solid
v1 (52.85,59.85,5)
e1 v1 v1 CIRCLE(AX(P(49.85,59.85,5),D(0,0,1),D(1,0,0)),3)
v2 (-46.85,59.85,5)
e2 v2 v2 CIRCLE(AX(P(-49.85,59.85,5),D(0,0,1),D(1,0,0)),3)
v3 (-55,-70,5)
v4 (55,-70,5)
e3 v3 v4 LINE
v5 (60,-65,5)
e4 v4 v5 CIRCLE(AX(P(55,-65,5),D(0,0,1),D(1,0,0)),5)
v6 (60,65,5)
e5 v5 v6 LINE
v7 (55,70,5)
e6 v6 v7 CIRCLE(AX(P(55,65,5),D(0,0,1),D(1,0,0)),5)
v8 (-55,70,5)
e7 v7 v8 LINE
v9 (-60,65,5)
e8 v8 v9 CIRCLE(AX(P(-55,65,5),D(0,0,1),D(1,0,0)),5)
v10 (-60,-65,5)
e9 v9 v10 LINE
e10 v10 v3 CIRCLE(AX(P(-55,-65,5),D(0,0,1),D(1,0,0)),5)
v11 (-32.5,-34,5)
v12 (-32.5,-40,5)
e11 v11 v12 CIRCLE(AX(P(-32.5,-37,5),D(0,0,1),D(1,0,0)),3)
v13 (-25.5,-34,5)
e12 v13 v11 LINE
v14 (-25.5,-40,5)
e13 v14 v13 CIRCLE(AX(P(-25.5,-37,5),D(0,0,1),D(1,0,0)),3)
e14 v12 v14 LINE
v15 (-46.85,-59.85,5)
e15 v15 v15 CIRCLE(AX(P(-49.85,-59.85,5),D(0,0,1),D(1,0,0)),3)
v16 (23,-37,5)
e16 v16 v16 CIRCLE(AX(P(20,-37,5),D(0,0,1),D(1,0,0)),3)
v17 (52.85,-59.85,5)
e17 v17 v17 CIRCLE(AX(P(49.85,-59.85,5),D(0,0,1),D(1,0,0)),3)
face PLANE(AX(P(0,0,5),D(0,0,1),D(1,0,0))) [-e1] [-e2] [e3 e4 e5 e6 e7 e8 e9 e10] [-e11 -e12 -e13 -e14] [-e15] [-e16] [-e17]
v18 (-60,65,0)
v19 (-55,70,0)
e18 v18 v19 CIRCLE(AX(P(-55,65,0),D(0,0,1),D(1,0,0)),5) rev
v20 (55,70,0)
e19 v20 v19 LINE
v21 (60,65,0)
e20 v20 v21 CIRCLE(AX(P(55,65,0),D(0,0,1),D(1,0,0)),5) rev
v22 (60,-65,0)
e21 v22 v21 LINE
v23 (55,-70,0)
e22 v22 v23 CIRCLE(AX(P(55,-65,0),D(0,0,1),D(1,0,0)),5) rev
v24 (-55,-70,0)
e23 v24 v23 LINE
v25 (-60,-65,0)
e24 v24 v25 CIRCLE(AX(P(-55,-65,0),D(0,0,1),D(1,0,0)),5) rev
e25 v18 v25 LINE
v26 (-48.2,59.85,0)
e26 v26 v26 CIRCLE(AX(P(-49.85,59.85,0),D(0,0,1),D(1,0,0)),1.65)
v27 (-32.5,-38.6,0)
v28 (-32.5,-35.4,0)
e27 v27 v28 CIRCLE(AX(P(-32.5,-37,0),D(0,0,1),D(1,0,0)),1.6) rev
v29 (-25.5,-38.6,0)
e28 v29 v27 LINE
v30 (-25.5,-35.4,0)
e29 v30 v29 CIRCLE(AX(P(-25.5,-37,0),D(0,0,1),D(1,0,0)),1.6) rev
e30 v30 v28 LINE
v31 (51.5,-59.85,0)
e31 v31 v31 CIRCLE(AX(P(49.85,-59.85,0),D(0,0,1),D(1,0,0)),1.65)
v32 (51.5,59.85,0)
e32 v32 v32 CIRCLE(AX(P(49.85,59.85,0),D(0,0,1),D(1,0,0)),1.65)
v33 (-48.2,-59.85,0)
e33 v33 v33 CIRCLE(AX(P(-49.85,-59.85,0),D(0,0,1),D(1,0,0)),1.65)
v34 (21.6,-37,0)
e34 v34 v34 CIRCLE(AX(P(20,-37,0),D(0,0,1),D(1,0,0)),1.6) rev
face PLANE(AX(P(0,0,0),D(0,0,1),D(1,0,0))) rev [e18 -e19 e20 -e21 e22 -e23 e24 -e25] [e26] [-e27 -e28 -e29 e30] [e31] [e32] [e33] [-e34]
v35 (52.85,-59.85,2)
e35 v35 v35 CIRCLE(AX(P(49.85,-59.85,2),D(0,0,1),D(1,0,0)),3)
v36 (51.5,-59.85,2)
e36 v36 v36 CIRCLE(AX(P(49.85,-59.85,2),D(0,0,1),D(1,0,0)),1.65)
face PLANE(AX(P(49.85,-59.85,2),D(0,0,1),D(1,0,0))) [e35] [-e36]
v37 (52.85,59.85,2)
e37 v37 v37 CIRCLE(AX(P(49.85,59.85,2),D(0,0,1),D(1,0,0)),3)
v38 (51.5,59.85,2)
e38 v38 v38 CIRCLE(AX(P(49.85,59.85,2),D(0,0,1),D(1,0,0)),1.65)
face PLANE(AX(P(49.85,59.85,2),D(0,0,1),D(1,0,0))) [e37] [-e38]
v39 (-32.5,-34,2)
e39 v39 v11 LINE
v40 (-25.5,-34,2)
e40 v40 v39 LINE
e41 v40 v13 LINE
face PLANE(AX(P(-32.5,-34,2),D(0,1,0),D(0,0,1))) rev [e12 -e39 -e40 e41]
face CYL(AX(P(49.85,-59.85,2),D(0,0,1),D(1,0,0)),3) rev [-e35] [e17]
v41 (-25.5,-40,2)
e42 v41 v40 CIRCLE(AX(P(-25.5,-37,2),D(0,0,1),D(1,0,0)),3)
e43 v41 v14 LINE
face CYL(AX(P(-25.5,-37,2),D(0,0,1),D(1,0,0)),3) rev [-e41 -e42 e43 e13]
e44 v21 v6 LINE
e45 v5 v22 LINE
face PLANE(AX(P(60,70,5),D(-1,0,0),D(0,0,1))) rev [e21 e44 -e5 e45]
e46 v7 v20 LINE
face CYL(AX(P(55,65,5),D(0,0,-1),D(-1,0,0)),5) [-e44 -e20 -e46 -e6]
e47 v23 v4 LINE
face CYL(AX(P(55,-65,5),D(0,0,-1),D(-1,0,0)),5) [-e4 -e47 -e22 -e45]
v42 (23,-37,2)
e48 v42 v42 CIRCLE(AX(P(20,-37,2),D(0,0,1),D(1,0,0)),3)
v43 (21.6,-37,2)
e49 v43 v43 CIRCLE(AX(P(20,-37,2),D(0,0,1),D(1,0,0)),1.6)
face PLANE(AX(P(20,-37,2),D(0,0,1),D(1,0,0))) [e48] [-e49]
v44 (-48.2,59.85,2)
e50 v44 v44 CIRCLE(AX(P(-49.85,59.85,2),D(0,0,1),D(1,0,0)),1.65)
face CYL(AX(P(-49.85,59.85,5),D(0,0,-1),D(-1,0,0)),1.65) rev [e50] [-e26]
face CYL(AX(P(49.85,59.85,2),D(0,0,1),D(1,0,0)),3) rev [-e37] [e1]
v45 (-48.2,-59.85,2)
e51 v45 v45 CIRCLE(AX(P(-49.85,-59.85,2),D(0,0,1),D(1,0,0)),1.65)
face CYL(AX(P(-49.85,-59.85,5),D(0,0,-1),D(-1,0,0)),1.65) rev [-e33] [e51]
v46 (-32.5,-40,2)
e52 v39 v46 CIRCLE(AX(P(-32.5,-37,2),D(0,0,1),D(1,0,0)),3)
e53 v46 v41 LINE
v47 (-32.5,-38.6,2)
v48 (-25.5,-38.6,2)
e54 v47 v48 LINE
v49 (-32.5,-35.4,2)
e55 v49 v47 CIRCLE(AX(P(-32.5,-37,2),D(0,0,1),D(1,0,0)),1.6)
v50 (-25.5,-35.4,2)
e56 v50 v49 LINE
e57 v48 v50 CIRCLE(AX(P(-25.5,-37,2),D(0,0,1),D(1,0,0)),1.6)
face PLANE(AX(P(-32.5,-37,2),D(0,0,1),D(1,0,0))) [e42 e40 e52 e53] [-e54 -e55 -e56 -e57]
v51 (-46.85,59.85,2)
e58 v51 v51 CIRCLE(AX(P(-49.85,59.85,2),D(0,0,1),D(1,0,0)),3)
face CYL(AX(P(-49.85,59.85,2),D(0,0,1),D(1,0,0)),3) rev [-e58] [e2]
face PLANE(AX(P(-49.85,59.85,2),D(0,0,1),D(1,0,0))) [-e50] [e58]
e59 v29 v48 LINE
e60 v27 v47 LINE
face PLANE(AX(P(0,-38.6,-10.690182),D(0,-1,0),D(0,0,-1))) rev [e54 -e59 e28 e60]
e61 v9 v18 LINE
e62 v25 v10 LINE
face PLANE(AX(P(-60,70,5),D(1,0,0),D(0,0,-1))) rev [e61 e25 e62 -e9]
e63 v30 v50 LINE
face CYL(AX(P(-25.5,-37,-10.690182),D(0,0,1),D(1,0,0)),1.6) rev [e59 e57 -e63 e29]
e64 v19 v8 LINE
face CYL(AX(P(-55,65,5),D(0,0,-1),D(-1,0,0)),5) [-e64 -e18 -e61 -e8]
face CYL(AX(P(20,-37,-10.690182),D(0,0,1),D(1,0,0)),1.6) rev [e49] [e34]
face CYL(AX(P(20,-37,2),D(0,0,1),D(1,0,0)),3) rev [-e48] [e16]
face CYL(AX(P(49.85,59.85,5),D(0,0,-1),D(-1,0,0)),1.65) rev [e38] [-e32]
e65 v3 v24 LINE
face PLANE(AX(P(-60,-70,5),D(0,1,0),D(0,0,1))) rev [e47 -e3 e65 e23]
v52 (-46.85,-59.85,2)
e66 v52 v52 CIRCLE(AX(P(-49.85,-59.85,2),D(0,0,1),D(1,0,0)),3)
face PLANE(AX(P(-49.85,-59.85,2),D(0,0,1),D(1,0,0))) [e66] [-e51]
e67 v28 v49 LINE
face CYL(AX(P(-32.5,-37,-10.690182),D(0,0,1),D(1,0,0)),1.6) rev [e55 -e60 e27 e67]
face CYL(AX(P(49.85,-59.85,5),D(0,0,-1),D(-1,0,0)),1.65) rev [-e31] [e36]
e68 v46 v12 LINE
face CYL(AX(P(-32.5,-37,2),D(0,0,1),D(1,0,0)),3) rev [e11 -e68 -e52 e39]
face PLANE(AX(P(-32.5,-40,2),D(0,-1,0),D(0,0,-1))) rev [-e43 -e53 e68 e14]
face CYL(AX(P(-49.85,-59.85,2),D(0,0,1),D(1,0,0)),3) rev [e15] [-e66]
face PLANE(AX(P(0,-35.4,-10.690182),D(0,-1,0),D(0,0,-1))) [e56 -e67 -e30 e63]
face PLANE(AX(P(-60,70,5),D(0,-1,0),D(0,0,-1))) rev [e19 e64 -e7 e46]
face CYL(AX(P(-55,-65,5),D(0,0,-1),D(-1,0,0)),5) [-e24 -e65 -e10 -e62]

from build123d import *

# Parameters (mm, degrees)
SKETCH1_W           = 120
SKETCH1_H           = 140
SKETCH1_R           = 1.65
BOSS_EXTRUDE1_DEPTH = 5
FILLET3_R           = 5
SKETCH3_R           = 1.6
CUT_EXTRUDE3_DEPTH  = 5
SKETCH2_R           = 3
SKETCH2_R_2         = 1.6
CUT_EXTRUDE1_DEPTH  = 3


with BuildPart() as part:
    # Sketch1 → Boss-Extrude1 (new body)
    with BuildSketch(Plane.XY):
        Rectangle(SKETCH1_W, SKETCH1_H)
        with Locations((-49.85, -59.85)):
            Circle(SKETCH1_R, mode=Mode.SUBTRACT)
        with Locations((49.85, -59.85)):
            Circle(SKETCH1_R, mode=Mode.SUBTRACT)
        with Locations((49.85, 59.85)):
            Circle(SKETCH1_R, mode=Mode.SUBTRACT)
        with Locations((-49.85, 59.85)):
            Circle(SKETCH1_R, mode=Mode.SUBTRACT)
    extrude(amount=BOSS_EXTRUDE1_DEPTH)

    # Fillet3
    fillet3_edges = [part.edges().sort_by_distance(p)[0] for p in [
        (60, -70, 2.5),
        (-60, -70, 2.5),
        (-60, 70, 2.5),
        (60, 70, 2.5),
    ]]
    fillet(fillet3_edges, radius=FILLET3_R)

    # Sketch3 → Cut-Extrude3 (cut)
    with BuildSketch(Plane.XY.offset(5)):
        with Locations((20, -37)):
            Circle(SKETCH3_R)
        with BuildLine():
            Line((-32.5, -35.4), (-25.5, -35.4))
            ThreePointArc((-25.5, -35.4), (-23.9, -37), (-25.5, -38.6))
            Line((-25.5, -38.6), (-32.5, -38.6))
            ThreePointArc((-32.5, -38.6), (-34.1, -37), (-32.5, -35.4))
        make_face()
    extrude(amount=-CUT_EXTRUDE3_DEPTH, mode=Mode.SUBTRACT)

    # Sketch2 → Cut-Extrude1 (cut)
    # profile 1 of 6: a face of its own
    with BuildSketch(Plane.XY.offset(5)):
        with Locations((-49.85, 59.85)):
            Circle(SKETCH2_R)
    # profile 2 of 6: a face of its own
    with BuildSketch(Plane.XY.offset(5)):
        with Locations((49.85, 59.85)):
            Circle(SKETCH2_R)
    # profile 3 of 6: a face of its own
    with BuildSketch(Plane.XY.offset(5)):
        with Locations((49.85, -59.85)):
            Circle(SKETCH2_R)
    # profile 4 of 6: a face of its own
    with BuildSketch(Plane.XY.offset(5)):
        with Locations((-49.85, -59.85)):
            Circle(SKETCH2_R)
    # profile 5 of 6: a face of its own
    with BuildSketch(Plane.XY.offset(5)):
        with Locations((20, -37)):
            Circle(SKETCH2_R)
        with Locations((20, -37)):
            Circle(SKETCH2_R_2, mode=Mode.SUBTRACT)
    # profile 6 of 6: a face of its own
    with BuildSketch(Plane.XY.offset(5)):
        with BuildLine():
            Line((-32.5, -34), (-25.5, -34))
            ThreePointArc((-25.5, -34), (-22.5, -37), (-25.5, -40))
            Line((-25.5, -40), (-32.5, -40))
            ThreePointArc((-32.5, -40), (-35.5, -37), (-32.5, -34))
        make_face()
        with BuildLine():
            Line((-32.5, -35.4), (-25.5, -35.4))
            ThreePointArc((-25.5, -35.4), (-23.9, -37), (-25.5, -38.6))
            Line((-25.5, -38.6), (-32.5, -38.6))
            ThreePointArc((-32.5, -38.6), (-34.1, -37), (-32.5, -35.4))
        make_face(mode=Mode.SUBTRACT)
    extrude(amount=-CUT_EXTRUDE1_DEPTH, mode=Mode.SUBTRACT)


solid = part.part
